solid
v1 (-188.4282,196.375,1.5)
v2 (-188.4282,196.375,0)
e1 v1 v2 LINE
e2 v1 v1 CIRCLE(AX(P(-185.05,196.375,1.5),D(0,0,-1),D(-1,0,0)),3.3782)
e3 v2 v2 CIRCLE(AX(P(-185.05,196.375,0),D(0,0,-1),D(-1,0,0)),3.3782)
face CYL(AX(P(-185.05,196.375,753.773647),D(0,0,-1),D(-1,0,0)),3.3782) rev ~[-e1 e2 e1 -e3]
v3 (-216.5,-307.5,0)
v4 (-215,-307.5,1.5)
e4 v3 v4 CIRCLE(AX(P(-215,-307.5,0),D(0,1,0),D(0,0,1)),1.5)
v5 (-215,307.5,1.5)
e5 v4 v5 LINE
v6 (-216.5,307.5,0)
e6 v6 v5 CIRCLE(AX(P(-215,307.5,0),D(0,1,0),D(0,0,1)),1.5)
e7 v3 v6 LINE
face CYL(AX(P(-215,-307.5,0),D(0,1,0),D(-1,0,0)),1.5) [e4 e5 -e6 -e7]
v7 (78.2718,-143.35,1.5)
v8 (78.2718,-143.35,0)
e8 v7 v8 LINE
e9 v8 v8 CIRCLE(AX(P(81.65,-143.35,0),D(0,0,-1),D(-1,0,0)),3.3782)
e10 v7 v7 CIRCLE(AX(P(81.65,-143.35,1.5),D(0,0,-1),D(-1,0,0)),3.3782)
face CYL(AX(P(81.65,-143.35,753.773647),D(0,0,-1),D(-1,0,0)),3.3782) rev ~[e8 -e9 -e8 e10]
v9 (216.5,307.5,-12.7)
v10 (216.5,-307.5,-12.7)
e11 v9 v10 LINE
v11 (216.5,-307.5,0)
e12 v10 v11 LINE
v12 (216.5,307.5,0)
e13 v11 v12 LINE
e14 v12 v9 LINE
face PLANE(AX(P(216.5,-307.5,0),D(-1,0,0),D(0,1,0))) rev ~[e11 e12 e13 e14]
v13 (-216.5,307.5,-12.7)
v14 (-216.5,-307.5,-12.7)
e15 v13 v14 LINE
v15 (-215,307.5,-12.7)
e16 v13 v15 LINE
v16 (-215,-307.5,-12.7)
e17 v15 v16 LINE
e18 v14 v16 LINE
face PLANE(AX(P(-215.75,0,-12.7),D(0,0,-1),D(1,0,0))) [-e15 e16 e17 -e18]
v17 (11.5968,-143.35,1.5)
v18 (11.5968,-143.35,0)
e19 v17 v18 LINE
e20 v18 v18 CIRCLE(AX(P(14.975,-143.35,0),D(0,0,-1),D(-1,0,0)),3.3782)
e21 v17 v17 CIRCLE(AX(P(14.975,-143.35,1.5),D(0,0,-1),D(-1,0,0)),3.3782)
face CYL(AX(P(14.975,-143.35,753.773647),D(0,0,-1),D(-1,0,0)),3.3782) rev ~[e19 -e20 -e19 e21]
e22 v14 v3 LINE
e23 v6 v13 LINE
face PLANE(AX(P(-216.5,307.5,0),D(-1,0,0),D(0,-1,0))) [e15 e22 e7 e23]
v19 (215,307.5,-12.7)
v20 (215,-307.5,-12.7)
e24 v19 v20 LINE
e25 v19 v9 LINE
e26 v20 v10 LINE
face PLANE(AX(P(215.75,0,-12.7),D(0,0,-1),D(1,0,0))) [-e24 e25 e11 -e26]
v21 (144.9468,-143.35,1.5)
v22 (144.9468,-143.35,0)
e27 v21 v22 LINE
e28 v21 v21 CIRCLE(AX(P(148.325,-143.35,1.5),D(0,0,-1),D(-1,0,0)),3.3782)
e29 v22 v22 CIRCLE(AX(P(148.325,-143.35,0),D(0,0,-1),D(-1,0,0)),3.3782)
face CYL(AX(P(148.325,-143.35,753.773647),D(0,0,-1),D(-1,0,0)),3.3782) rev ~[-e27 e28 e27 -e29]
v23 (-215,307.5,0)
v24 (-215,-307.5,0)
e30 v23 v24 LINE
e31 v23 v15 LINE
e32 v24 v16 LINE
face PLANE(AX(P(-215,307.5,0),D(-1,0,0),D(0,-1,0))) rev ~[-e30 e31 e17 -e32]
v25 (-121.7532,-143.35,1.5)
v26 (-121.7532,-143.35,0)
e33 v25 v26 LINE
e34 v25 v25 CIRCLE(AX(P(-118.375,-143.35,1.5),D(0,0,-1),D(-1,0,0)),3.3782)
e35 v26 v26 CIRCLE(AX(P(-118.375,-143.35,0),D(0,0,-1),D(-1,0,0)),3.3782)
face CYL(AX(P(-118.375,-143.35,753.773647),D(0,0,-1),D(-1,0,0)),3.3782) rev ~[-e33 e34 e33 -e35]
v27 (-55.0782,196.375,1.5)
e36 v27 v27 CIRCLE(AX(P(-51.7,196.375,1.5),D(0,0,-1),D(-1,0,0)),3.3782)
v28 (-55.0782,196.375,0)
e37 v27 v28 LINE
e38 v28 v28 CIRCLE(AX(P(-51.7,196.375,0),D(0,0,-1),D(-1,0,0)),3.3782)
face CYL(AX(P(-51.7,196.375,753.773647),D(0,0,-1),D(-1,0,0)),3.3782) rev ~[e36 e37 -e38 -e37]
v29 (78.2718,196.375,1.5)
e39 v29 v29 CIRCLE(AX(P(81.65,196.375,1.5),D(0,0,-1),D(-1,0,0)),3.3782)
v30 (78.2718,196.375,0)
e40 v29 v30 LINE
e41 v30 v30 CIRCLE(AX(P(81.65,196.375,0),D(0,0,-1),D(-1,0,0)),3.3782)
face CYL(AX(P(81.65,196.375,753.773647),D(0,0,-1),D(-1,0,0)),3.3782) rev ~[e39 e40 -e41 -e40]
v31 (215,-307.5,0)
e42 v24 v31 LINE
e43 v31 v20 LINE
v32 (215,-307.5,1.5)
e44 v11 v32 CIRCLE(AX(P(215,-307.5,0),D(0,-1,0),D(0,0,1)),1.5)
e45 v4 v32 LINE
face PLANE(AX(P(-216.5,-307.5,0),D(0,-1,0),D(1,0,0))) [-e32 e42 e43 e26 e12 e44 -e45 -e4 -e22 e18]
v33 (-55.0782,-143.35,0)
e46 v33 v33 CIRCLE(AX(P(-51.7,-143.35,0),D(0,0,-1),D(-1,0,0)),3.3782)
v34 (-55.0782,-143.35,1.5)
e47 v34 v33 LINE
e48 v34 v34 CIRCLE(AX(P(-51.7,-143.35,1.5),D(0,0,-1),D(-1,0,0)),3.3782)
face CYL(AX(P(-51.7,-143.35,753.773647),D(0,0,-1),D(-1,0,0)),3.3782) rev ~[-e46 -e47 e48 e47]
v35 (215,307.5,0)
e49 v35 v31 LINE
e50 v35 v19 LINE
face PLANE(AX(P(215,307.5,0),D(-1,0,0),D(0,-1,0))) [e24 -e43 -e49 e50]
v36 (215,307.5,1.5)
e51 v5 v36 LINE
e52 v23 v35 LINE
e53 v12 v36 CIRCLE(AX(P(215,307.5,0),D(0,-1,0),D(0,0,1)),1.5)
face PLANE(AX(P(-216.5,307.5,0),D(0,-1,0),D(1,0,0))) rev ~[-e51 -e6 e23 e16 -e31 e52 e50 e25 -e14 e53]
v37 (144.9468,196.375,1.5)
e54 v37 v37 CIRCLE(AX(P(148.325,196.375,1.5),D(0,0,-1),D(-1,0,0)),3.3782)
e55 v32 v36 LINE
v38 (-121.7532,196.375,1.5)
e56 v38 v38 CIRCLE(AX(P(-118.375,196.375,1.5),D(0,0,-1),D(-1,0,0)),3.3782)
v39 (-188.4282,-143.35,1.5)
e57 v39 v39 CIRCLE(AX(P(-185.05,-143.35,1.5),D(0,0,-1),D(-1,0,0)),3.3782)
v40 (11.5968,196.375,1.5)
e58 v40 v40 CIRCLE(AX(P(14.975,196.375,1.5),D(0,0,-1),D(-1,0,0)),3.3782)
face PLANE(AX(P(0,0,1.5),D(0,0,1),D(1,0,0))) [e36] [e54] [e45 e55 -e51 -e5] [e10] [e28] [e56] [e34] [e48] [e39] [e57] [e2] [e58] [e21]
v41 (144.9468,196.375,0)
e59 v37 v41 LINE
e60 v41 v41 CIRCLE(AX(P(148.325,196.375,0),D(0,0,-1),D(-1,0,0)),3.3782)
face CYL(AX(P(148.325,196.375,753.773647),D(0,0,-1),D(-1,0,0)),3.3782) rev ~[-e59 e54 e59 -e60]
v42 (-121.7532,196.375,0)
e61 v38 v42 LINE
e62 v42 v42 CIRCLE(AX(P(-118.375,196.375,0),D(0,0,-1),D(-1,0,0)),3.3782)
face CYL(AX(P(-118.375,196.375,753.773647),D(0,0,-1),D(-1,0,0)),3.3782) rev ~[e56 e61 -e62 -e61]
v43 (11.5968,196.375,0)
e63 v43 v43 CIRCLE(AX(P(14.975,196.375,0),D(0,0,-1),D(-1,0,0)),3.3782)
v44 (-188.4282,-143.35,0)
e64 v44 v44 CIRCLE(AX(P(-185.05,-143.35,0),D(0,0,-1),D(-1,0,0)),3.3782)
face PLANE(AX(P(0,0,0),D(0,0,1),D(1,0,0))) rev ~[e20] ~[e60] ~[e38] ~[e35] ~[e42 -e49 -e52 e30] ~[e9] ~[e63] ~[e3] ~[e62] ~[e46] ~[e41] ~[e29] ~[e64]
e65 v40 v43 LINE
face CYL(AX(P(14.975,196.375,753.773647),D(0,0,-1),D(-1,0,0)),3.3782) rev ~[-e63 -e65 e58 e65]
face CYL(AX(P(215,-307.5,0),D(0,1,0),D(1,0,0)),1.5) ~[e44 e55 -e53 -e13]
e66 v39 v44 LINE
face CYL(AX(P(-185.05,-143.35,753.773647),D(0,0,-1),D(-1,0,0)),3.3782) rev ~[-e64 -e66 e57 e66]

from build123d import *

# Parameters (mm, degrees)
F0_W     = 433
F0_H     = 615
F1_DEPTH = 1.5
F2_W     = 1.5
F2_H     = 615
F3_DEPTH = 12.7
F4_R     = 1.5
F6_D     = 6.7564


with BuildPart() as f1:
    # F0 (on Top) → F1 (new body)
    with BuildSketch(Plane.XY):
        Rectangle(F0_W, F0_H)
    extrude(amount=F1_DEPTH)

    # F2 (on face) → F3 (join)
    with BuildSketch(Plane(origin=(0, 0, 0), x_dir=(1, 0, 0), z_dir=(0, 0, -1))):
        with Locations((-215.75, 0)):
            Rectangle(F2_W, F2_H)
        with Locations((215.75, 0)):
            Rectangle(F2_W, F2_H)
    extrude(amount=F3_DEPTH)

    # F4
    f4_edges = [f1.edges().sort_by_distance(p)[0] for p in [
        (-216.5, 0, 1.5),
        (216.5, 0, 1.5),
    ]]
    fillet(f4_edges, radius=F4_R)

    # F6 (through all)
    with Locations(Plane.XY.offset(1.5)):
        with Locations((-118.375, 196.375), (-51.7, 196.375), (14.975, 196.375), (81.65, 196.375), (148.325, 196.375), (148.325, -143.35), (81.65, -143.35), (14.975, -143.35), (-51.7, -143.35), (-118.375, -143.35), (-185.05, 196.375), (-185.05, -143.35)):
            Hole(F6_D / 2)


solid = f1.part
